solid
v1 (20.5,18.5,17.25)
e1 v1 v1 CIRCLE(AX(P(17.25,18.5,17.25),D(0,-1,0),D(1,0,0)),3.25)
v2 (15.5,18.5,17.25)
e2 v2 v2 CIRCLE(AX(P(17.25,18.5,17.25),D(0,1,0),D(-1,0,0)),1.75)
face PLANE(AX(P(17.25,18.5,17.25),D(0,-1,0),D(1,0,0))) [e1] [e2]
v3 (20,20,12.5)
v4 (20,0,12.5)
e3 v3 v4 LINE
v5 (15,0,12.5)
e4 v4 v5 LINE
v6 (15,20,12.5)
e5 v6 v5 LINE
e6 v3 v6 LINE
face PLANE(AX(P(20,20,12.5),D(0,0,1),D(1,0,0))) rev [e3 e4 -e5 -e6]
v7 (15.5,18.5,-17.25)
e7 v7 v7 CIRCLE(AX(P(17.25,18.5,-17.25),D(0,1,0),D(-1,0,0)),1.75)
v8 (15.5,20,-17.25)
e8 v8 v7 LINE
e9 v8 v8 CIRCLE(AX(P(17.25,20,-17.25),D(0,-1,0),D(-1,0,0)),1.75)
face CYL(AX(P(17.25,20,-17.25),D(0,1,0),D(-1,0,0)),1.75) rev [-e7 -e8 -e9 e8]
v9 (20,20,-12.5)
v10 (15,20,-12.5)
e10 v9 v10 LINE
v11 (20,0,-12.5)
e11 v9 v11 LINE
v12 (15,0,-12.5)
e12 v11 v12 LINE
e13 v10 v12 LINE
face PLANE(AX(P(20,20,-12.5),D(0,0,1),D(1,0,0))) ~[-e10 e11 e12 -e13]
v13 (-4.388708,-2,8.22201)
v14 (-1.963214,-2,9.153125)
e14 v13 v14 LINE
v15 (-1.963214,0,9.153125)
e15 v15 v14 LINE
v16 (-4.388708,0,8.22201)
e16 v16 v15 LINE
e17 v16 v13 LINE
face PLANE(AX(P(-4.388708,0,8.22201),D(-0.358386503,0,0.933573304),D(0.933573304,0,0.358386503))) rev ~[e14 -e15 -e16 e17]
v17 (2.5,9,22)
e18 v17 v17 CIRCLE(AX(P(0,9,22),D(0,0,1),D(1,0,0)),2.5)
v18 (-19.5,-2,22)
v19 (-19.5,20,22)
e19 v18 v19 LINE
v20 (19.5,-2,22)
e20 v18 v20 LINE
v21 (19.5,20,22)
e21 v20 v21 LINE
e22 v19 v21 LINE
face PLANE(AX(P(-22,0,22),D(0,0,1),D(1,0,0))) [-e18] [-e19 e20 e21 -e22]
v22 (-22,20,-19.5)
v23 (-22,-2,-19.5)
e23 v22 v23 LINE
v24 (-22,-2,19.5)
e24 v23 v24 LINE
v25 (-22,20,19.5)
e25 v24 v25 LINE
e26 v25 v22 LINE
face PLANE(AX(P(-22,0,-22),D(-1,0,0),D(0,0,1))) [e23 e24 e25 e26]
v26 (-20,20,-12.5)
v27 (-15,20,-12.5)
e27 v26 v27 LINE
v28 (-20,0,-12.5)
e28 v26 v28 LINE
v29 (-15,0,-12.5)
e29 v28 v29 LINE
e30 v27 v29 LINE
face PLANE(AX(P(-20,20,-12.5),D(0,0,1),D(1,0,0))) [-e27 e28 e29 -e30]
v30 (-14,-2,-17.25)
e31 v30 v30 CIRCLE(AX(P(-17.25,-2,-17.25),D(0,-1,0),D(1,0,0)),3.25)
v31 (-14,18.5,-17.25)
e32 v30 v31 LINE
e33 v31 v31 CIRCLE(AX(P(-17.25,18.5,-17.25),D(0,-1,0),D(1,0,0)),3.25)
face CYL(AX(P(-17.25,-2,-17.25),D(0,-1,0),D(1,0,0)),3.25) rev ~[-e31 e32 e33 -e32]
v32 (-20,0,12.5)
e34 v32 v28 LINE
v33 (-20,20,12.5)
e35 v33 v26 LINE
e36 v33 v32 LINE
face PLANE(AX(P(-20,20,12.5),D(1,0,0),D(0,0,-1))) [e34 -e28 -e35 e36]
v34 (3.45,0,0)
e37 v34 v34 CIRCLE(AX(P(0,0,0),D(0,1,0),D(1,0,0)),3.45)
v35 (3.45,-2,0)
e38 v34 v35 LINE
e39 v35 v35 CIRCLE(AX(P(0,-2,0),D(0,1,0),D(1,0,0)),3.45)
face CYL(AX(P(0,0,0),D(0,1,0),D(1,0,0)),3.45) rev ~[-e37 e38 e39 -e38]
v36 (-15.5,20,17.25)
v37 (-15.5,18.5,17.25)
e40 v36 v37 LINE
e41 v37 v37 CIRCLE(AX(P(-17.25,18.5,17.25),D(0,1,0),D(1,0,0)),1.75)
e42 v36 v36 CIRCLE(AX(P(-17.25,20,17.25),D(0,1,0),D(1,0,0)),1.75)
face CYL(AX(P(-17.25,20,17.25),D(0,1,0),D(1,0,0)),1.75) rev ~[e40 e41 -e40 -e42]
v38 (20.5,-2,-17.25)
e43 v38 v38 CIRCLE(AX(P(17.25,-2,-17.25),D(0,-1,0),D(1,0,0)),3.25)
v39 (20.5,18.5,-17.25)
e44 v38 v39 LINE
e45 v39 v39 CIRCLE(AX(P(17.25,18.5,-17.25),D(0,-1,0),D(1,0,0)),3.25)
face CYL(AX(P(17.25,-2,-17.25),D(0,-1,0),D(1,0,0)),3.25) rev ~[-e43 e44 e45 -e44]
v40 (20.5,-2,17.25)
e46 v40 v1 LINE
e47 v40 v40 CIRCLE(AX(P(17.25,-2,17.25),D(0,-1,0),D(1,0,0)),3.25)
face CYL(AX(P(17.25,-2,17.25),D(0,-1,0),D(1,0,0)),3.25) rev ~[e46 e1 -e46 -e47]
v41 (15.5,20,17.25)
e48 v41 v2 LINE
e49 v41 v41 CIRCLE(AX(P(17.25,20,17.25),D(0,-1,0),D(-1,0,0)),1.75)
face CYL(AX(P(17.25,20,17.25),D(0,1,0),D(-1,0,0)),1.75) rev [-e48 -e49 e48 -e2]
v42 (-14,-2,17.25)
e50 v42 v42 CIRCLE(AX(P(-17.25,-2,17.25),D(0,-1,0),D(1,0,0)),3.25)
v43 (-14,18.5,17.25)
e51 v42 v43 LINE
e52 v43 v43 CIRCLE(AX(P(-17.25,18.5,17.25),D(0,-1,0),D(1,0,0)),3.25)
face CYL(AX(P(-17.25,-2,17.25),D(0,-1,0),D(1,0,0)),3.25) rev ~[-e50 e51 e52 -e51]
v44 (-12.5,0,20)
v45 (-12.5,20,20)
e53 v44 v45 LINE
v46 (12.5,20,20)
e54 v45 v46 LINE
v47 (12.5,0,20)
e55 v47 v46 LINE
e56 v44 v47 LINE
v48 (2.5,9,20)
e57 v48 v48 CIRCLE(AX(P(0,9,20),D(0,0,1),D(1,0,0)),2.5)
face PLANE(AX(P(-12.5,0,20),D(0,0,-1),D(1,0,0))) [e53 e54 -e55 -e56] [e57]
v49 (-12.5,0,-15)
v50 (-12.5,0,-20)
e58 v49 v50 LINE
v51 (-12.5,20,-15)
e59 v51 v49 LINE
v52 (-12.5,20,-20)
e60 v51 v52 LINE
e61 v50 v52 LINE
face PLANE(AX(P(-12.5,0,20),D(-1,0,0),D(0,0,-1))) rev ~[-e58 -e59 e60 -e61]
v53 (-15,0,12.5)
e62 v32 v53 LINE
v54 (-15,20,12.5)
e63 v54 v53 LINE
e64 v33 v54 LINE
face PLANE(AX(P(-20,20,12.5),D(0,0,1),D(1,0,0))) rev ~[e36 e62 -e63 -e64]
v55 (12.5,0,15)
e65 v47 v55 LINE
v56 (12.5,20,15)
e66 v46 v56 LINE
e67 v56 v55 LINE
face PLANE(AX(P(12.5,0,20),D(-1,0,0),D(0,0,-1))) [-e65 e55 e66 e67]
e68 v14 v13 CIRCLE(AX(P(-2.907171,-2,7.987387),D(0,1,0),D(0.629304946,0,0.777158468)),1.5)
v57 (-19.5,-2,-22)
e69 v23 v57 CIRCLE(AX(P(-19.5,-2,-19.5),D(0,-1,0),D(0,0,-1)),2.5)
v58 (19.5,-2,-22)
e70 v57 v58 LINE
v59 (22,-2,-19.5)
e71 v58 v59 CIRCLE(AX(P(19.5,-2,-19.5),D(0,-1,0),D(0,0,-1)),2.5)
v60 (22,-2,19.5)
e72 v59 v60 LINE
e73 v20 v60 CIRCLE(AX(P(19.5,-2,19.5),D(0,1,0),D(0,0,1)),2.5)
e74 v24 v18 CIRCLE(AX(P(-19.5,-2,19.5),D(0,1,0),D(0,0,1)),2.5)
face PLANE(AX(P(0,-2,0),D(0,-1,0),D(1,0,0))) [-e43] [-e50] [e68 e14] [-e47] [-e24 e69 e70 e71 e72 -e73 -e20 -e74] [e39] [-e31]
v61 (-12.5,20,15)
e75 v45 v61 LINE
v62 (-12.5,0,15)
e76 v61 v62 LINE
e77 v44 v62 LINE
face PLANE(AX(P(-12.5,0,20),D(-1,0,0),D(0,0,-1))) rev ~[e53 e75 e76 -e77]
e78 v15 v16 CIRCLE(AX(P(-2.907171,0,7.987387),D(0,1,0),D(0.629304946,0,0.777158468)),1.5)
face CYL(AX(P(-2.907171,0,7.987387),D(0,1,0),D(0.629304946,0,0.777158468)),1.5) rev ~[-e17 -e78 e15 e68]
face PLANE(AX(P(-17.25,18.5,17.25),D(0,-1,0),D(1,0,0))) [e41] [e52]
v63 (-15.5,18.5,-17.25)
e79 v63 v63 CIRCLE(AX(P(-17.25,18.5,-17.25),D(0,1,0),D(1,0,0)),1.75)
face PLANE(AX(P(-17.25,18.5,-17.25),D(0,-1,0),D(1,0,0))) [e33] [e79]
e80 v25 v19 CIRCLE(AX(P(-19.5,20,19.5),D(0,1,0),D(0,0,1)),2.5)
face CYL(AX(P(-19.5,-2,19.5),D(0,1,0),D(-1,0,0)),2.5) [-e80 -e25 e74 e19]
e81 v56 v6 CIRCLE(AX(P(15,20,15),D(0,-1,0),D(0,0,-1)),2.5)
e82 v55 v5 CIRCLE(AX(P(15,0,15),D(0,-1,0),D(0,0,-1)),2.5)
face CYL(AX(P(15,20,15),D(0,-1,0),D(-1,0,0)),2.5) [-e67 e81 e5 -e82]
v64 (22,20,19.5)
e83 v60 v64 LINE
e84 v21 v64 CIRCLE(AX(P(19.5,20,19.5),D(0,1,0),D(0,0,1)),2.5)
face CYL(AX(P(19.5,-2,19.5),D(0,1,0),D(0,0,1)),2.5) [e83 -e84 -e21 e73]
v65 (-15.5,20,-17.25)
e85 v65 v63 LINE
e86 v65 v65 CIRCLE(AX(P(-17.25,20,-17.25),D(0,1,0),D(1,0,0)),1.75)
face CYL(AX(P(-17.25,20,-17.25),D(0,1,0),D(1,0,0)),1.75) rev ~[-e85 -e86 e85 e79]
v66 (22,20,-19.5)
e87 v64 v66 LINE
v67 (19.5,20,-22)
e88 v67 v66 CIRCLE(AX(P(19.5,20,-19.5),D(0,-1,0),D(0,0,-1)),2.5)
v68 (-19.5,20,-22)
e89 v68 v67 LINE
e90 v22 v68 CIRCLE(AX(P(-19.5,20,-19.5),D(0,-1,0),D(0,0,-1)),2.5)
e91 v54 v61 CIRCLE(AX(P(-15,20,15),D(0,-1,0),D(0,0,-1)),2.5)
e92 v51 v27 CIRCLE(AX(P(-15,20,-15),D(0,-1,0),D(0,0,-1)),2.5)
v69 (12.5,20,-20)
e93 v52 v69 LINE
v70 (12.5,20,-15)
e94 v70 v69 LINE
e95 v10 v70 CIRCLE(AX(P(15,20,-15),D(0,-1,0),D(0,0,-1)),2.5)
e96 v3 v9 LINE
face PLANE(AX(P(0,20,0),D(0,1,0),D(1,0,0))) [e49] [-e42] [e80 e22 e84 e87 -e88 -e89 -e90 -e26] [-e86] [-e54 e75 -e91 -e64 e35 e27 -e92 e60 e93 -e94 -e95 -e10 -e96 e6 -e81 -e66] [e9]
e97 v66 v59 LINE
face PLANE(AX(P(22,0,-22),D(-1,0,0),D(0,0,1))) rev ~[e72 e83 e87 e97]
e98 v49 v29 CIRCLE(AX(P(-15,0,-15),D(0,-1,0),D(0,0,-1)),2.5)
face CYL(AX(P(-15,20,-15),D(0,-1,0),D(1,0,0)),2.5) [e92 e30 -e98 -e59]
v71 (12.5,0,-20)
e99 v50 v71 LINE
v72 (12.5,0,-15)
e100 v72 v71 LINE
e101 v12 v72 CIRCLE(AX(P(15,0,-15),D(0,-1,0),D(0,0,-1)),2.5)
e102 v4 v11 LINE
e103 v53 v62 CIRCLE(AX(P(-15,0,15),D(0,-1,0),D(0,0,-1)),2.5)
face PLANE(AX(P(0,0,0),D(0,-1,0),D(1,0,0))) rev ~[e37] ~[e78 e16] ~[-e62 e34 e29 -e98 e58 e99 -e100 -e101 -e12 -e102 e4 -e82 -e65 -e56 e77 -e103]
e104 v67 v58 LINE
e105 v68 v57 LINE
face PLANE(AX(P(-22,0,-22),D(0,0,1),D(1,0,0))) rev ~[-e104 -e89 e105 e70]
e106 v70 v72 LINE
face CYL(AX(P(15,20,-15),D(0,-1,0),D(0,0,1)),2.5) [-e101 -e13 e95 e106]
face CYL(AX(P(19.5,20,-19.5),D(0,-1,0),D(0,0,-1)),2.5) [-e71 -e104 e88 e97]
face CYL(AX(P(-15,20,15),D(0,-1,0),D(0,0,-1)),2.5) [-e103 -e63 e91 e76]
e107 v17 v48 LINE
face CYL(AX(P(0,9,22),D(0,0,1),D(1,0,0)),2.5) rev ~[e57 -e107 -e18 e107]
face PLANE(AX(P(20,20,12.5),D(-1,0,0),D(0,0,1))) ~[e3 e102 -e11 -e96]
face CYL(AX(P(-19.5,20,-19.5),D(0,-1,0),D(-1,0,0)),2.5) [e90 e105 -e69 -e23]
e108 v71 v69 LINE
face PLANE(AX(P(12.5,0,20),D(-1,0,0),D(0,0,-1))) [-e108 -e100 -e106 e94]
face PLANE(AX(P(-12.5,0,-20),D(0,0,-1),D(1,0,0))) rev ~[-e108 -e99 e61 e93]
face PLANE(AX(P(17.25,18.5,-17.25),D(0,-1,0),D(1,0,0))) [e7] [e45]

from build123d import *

# Parameters (mm, degrees)
SKETCH1_W           = 44
SKETCH1_H           = 44
SKETCH1_W_2         = 25
SKETCH1_H_2         = 40
BOSS_EXTRUDE4_DEPTH = 20
SKETCH4_W           = 44
SKETCH4_H           = 44
BOSS_EXTRUDE5_DEPTH = 2
SKETCH5_R           = 3.45
CUT_EXTRUDE2_DEPTH  = 2
SKETCH6_R           = 1.75
CUT_EXTRUDE3_DEPTH  = 23
SKETCH7_R           = 3.25
CUT_EXTRUDE4_DEPTH  = 20.5
SKETCH10_W          = 7.5
SKETCH10_H          = 25
CUT_EXTRUDE5_DEPTH  = 20
CUT_EXTRUDE6_REACH  = 46
SKETCH11_R          = 2.5
FILLET1_R           = 2.5


with BuildPart() as part:
    # Sketch1 → Boss-Extrude4 (new body)
    with BuildSketch(Plane(origin=(0, 0, 0), x_dir=(1, 0, 0), z_dir=(0, 1, 0))):
        Rectangle(SKETCH1_W, SKETCH1_H)
        Rectangle(SKETCH1_W_2, SKETCH1_H_2, mode=Mode.SUBTRACT)
    extrude(amount=BOSS_EXTRUDE4_DEPTH)

    # Sketch4 → Boss-Extrude5 (add)
    with BuildSketch(Plane.XZ):
        Rectangle(SKETCH4_W, SKETCH4_H)
    extrude(amount=BOSS_EXTRUDE5_DEPTH)

    # Sketch5 → Cut-Extrude2 (cut)
    with BuildSketch(Plane(origin=(0, 0, 0), x_dir=(1, 0, 0), z_dir=(0, 1, 0))):
        Circle(SKETCH5_R)
        with BuildLine():
            Line((-4.388708392, -8.222009531), (-1.963213799, -9.153124979))
            ThreePointArc((-1.963213799, -9.153124979), (-2.369591464, -6.58702732), (-4.388708392, -8.222009531))
        make_face()
    extrude(amount=-CUT_EXTRUDE2_DEPTH, mode=Mode.SUBTRACT)

    # Sketch6 → Cut-Extrude3 (cut, through all)
    with BuildSketch(Plane(origin=(0, 20, 0), x_dir=(1, 0, 0), z_dir=(0, 1, 0))):
        with Locations((-17.25, 17.25)):
            Circle(SKETCH6_R)
        with Locations((-17.25, -17.25)):
            Circle(SKETCH6_R)
    cut_extrude3 = extrude(amount=-CUT_EXTRUDE3_DEPTH, mode=Mode.SUBTRACT)

    # Mirror1: Cut-Extrude3 across plane
    add(cut_extrude3.mirror(Plane(origin=(0, 0, 0), x_dir=(0, 0, 1), z_dir=(1, 0, 0))), mode=Mode.SUBTRACT)

    # Sketch7 → Cut-Extrude4 (cut)
    with BuildSketch(Plane.XZ.offset(2)):
        with Locations((-17.25, 17.25)):
            Circle(SKETCH7_R)
        with Locations((17.25, 17.25)):
            Circle(SKETCH7_R)
        with Locations((17.25, -17.25)):
            Circle(SKETCH7_R)
        with Locations((-17.25, -17.25)):
            Circle(SKETCH7_R)
    extrude(amount=-CUT_EXTRUDE4_DEPTH, mode=Mode.SUBTRACT)

    # Sketch10 → Cut-Extrude5 (cut)
    with BuildSketch(Plane(origin=(0, 20, 0), x_dir=(1, 0, 0), z_dir=(0, 1, 0))):
        with Locations((-16.25, 0)):
            Rectangle(SKETCH10_W, SKETCH10_H)
    cut_extrude5 = extrude(amount=-CUT_EXTRUDE5_DEPTH, mode=Mode.SUBTRACT)

    # Mirror2: Cut-Extrude5 across plane
    add(cut_extrude5.mirror(Plane(origin=(0, 0, 0), x_dir=(0, 0, 1), z_dir=(1, 0, 0))), mode=Mode.SUBTRACT)

    # Sketch11 → Cut-Extrude6 (cut, up to next)
    with BuildSketch(Plane.XY.offset(22), mode=Mode.PRIVATE) as cut_extrude6_sk1:
        with Locations((0, 9)):
            Circle(SKETCH11_R)
    cut_extrude6_tool1 = extrude(cut_extrude6_sk1.sketch, amount=-CUT_EXTRUDE6_REACH, mode=Mode.PRIVATE) & part.part
    add(cut_extrude6_tool1.solids().sort_by_distance((0, 9, 22))[0], mode=Mode.SUBTRACT)

    # Fillet1
    fillet1_edges = [part.edges().sort_by_distance(p)[0] for p in [
        (-12.5, 10, 12.5),
        (-12.5, 10, -12.5),
        (12.5, 10, 12.5),
        (12.5, 10, -12.5),
        (22, 9, 22),
        (-22, 9, 22),
        (-22, 9, -22),
        (22, 9, -22),
    ]]
    fillet(fillet1_edges, radius=FILLET1_R)


solid = part.part
